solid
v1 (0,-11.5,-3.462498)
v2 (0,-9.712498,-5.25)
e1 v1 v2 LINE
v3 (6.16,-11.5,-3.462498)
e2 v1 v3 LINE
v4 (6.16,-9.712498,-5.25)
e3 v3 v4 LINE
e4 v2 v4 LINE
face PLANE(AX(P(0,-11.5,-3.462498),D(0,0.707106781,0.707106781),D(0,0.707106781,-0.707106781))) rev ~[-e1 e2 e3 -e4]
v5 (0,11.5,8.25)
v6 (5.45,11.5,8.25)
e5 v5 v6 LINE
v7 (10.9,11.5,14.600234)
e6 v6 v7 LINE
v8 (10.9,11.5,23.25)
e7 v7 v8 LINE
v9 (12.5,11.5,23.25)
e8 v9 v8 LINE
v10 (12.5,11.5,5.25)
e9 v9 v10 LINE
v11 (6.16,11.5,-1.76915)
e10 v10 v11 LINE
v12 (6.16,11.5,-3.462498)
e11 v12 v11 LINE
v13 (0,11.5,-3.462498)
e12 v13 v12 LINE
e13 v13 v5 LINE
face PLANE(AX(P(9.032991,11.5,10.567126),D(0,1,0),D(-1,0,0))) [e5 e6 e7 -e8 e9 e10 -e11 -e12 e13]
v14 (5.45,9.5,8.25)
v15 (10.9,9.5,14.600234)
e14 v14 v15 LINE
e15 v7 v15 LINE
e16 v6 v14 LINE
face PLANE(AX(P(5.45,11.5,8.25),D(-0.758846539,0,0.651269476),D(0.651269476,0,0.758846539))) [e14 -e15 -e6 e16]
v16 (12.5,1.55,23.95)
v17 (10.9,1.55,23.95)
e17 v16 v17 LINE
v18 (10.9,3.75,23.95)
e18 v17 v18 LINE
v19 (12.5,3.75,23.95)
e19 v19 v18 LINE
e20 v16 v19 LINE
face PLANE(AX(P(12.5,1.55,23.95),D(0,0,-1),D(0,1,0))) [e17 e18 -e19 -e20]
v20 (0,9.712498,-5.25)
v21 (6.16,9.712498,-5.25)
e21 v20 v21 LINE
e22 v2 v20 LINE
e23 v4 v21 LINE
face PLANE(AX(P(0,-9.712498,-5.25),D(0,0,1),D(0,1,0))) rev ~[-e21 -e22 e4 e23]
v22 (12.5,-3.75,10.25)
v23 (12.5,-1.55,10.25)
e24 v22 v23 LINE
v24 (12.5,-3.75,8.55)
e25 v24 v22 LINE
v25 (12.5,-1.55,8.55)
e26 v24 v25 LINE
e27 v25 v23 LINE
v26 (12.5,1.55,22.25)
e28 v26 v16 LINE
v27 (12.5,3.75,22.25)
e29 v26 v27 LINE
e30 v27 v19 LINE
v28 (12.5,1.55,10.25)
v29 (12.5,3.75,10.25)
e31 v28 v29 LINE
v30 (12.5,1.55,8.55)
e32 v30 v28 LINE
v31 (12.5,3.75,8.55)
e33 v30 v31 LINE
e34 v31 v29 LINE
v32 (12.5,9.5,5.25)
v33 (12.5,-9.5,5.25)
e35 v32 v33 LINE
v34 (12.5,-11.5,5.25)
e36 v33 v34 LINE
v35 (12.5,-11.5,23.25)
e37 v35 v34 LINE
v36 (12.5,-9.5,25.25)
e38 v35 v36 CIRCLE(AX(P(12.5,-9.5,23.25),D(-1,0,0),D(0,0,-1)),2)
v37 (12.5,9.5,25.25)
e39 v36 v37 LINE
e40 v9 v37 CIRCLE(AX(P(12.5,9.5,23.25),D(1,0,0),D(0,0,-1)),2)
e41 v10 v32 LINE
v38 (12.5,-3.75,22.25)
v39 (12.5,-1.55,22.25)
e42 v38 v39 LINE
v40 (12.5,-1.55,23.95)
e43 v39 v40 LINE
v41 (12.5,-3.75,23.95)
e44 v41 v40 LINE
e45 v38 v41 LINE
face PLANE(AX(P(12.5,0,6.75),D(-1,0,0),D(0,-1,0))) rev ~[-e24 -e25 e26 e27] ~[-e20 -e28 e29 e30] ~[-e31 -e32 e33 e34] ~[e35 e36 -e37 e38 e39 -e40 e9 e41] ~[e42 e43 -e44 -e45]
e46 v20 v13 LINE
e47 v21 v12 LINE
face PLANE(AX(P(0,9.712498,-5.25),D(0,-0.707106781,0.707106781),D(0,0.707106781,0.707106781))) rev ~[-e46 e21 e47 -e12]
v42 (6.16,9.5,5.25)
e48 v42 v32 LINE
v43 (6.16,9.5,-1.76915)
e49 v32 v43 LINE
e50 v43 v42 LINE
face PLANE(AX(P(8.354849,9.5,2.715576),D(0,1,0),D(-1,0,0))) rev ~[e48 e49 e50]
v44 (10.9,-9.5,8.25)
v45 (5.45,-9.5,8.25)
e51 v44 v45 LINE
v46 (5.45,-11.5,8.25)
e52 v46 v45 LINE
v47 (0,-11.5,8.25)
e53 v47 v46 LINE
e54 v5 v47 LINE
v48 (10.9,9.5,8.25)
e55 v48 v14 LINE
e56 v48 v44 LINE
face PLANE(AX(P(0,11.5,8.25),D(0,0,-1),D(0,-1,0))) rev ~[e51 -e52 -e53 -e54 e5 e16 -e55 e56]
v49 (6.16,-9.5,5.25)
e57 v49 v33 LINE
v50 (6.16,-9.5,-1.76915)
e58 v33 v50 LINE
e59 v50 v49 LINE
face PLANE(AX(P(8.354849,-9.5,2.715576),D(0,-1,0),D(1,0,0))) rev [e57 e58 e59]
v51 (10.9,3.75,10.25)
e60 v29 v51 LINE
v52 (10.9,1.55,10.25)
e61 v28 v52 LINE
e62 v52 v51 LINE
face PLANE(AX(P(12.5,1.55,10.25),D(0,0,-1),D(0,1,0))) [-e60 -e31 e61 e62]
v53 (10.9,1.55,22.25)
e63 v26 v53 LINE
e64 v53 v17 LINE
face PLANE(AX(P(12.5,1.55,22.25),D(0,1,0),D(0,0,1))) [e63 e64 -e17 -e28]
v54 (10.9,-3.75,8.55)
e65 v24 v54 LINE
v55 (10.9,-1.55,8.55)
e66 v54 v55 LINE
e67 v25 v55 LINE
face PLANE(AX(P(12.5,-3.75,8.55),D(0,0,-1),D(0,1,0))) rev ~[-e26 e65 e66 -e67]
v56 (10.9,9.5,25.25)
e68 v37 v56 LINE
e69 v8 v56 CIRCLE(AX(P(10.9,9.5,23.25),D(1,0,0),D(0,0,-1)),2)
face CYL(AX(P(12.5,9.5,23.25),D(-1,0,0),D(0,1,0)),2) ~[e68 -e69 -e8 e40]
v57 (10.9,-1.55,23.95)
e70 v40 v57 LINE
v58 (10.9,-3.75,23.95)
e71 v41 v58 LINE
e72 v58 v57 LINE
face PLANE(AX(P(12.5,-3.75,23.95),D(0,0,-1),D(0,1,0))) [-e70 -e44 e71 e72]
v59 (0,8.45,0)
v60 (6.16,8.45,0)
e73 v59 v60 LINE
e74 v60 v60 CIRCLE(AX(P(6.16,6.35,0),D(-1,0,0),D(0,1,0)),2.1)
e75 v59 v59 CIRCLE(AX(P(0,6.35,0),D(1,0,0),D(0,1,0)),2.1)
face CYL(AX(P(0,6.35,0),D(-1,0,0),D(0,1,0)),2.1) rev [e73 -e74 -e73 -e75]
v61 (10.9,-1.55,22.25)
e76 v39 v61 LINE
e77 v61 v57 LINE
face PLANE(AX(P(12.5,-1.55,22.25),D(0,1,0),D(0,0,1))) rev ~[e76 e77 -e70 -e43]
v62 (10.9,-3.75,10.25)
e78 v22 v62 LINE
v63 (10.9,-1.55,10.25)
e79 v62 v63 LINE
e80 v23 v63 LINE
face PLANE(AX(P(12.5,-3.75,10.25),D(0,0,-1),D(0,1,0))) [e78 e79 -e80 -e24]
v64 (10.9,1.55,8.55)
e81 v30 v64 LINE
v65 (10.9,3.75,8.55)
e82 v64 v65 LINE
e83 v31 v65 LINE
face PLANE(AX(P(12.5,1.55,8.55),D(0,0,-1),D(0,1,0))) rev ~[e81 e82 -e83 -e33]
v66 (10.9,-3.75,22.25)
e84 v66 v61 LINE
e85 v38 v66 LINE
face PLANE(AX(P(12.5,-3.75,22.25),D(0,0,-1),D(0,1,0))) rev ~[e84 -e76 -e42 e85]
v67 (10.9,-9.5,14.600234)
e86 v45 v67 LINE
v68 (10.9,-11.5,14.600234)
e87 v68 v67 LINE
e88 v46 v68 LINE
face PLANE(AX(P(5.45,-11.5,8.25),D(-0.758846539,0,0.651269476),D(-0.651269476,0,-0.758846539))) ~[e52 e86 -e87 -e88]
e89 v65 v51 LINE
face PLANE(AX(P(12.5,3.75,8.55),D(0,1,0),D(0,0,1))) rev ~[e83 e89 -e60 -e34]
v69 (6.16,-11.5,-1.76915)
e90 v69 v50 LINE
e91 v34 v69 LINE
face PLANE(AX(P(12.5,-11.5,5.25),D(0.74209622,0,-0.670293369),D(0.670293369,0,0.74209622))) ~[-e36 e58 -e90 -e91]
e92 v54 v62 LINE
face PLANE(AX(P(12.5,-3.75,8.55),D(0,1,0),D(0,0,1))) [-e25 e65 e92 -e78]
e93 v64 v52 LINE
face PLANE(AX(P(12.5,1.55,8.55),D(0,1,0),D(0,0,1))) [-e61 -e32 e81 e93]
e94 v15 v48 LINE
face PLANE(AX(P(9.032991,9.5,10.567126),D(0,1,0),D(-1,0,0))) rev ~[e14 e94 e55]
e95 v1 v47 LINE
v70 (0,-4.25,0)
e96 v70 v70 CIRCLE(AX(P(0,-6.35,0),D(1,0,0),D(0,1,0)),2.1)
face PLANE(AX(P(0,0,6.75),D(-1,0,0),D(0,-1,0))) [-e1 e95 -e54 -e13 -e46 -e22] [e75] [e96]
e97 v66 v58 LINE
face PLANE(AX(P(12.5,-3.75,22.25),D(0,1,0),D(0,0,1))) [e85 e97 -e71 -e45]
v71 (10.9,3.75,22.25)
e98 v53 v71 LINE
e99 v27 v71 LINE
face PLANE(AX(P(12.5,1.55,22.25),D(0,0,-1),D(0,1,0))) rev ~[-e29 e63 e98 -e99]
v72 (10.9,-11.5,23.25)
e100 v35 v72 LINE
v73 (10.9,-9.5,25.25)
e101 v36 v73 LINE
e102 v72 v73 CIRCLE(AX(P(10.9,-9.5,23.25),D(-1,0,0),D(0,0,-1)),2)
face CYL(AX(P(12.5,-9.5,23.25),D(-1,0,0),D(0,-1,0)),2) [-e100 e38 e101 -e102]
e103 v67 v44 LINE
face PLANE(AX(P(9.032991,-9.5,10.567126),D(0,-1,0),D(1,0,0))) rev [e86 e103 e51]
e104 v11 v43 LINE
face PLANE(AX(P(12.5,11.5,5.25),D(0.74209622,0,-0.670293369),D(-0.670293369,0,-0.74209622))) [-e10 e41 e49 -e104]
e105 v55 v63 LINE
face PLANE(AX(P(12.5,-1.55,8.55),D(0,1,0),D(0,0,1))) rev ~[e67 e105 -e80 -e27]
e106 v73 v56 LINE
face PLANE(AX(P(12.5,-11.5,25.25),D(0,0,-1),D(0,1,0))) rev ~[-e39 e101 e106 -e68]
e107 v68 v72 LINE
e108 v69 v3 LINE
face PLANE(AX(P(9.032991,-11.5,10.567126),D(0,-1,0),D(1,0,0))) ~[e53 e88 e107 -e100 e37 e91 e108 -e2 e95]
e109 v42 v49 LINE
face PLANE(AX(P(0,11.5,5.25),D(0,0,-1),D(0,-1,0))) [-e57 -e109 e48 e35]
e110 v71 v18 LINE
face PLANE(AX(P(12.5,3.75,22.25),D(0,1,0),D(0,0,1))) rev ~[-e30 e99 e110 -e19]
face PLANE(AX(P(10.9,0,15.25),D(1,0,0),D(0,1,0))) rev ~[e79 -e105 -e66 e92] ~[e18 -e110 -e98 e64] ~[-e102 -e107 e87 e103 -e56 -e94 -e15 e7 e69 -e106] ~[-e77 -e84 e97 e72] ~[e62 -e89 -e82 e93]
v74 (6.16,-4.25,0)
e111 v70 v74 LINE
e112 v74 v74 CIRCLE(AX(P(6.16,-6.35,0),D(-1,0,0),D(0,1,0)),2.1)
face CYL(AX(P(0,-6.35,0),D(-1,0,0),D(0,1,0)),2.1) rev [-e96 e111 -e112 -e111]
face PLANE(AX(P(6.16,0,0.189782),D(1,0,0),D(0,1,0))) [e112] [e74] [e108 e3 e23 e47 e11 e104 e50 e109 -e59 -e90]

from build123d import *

# Parameters (mm, degrees)
F0_R     = 2.1
F1_DEPTH = 6.16
F2_W     = 23
F2_H     = 3
F3_DEPTH = 12.5
F4_W     = 23
F4_H     = 20
F4_W_2   = 2.2
F4_H_2   = 1.7
F5_DEPTH = 1.6
F8_DEPTH = 2
F12_R    = 2


with BuildPart() as f1:
    # F0 (on Right) → F1 (new body)
    with BuildSketch(Plane.YZ):
        Polygon((-9.7124977037, -5.25), (9.7124977037, -5.25), (11.5, -3.4624977037), (11.5, 3.4624977037), (11.5, 5.25), (9.7124977037, 5.25), (-9.7124977037, 5.25), (-11.5, 5.25), (-11.5, 3.4624977037), (-11.5, -3.4624977037), align=None)
        with Locations((-6.35, 0)):
            Circle(F0_R, mode=Mode.SUBTRACT)
        with Locations((6.35, 0)):
            Circle(F0_R, mode=Mode.SUBTRACT)
    extrude(amount=F1_DEPTH)

    # F2 (on face) → F3 (join)
    with BuildSketch(Plane(origin=(0, 0, 0), x_dir=(0, -1, 0), z_dir=(-1, 0, 0))):
        with Locations((0, 6.75)):
            Rectangle(F2_W, F2_H)
    extrude(amount=-F3_DEPTH)

    # F4 (on face) → F5 (join)
    with BuildSketch(Plane.YZ.offset(12.5)):
        with Locations((0, 15.25)):
            Rectangle(F4_W, F4_H)
        with Locations((-2.65, 9.4)):
            Rectangle(F4_W_2, F4_H_2, mode=Mode.SUBTRACT)
        with Locations((2.65, 9.4)):
            Rectangle(F4_W_2, F4_H_2, mode=Mode.SUBTRACT)
        with Locations((-2.65, 23.1)):
            Rectangle(F4_W_2, F4_H_2, mode=Mode.SUBTRACT)
        with Locations((2.65, 23.1)):
            Rectangle(F4_W_2, F4_H_2, mode=Mode.SUBTRACT)
    extrude(amount=-F5_DEPTH)

    # F6: union 

    # F7 (on face) → F8 (join)
    with BuildSketch(Plane(origin=(0, 11.5, 0), x_dir=(-1, 0, 0), z_dir=(0, 1, 0))):
        Polygon((-5.45, 8.25), (-10.9, 14.6002341062), (-10.9, 8.25), align=None)
        Polygon((-6.16, 5.25), (-12.5, 5.25), (-6.16, -1.7691504909), align=None)
    extrude(amount=-F8_DEPTH)

    # F10: F1 across plane


with BuildPart() as f1_1:
    add(f1.part)
    add(f1.part.mirror(Plane.XZ))

    # F11: F1 across plane


with BuildPart() as f1_2:
    add(f1_1.part)
    add(f1_1.part.mirror(Plane.XZ))

    # F12
    f12_edges = [f1_2.edges().sort_by_distance(p)[0] for p in [
        (11.7, 11.5, 25.25),
        (11.7, -11.5, 25.25),
    ]]
    fillet(f12_edges, radius=F12_R)


solid = f1_2.part
